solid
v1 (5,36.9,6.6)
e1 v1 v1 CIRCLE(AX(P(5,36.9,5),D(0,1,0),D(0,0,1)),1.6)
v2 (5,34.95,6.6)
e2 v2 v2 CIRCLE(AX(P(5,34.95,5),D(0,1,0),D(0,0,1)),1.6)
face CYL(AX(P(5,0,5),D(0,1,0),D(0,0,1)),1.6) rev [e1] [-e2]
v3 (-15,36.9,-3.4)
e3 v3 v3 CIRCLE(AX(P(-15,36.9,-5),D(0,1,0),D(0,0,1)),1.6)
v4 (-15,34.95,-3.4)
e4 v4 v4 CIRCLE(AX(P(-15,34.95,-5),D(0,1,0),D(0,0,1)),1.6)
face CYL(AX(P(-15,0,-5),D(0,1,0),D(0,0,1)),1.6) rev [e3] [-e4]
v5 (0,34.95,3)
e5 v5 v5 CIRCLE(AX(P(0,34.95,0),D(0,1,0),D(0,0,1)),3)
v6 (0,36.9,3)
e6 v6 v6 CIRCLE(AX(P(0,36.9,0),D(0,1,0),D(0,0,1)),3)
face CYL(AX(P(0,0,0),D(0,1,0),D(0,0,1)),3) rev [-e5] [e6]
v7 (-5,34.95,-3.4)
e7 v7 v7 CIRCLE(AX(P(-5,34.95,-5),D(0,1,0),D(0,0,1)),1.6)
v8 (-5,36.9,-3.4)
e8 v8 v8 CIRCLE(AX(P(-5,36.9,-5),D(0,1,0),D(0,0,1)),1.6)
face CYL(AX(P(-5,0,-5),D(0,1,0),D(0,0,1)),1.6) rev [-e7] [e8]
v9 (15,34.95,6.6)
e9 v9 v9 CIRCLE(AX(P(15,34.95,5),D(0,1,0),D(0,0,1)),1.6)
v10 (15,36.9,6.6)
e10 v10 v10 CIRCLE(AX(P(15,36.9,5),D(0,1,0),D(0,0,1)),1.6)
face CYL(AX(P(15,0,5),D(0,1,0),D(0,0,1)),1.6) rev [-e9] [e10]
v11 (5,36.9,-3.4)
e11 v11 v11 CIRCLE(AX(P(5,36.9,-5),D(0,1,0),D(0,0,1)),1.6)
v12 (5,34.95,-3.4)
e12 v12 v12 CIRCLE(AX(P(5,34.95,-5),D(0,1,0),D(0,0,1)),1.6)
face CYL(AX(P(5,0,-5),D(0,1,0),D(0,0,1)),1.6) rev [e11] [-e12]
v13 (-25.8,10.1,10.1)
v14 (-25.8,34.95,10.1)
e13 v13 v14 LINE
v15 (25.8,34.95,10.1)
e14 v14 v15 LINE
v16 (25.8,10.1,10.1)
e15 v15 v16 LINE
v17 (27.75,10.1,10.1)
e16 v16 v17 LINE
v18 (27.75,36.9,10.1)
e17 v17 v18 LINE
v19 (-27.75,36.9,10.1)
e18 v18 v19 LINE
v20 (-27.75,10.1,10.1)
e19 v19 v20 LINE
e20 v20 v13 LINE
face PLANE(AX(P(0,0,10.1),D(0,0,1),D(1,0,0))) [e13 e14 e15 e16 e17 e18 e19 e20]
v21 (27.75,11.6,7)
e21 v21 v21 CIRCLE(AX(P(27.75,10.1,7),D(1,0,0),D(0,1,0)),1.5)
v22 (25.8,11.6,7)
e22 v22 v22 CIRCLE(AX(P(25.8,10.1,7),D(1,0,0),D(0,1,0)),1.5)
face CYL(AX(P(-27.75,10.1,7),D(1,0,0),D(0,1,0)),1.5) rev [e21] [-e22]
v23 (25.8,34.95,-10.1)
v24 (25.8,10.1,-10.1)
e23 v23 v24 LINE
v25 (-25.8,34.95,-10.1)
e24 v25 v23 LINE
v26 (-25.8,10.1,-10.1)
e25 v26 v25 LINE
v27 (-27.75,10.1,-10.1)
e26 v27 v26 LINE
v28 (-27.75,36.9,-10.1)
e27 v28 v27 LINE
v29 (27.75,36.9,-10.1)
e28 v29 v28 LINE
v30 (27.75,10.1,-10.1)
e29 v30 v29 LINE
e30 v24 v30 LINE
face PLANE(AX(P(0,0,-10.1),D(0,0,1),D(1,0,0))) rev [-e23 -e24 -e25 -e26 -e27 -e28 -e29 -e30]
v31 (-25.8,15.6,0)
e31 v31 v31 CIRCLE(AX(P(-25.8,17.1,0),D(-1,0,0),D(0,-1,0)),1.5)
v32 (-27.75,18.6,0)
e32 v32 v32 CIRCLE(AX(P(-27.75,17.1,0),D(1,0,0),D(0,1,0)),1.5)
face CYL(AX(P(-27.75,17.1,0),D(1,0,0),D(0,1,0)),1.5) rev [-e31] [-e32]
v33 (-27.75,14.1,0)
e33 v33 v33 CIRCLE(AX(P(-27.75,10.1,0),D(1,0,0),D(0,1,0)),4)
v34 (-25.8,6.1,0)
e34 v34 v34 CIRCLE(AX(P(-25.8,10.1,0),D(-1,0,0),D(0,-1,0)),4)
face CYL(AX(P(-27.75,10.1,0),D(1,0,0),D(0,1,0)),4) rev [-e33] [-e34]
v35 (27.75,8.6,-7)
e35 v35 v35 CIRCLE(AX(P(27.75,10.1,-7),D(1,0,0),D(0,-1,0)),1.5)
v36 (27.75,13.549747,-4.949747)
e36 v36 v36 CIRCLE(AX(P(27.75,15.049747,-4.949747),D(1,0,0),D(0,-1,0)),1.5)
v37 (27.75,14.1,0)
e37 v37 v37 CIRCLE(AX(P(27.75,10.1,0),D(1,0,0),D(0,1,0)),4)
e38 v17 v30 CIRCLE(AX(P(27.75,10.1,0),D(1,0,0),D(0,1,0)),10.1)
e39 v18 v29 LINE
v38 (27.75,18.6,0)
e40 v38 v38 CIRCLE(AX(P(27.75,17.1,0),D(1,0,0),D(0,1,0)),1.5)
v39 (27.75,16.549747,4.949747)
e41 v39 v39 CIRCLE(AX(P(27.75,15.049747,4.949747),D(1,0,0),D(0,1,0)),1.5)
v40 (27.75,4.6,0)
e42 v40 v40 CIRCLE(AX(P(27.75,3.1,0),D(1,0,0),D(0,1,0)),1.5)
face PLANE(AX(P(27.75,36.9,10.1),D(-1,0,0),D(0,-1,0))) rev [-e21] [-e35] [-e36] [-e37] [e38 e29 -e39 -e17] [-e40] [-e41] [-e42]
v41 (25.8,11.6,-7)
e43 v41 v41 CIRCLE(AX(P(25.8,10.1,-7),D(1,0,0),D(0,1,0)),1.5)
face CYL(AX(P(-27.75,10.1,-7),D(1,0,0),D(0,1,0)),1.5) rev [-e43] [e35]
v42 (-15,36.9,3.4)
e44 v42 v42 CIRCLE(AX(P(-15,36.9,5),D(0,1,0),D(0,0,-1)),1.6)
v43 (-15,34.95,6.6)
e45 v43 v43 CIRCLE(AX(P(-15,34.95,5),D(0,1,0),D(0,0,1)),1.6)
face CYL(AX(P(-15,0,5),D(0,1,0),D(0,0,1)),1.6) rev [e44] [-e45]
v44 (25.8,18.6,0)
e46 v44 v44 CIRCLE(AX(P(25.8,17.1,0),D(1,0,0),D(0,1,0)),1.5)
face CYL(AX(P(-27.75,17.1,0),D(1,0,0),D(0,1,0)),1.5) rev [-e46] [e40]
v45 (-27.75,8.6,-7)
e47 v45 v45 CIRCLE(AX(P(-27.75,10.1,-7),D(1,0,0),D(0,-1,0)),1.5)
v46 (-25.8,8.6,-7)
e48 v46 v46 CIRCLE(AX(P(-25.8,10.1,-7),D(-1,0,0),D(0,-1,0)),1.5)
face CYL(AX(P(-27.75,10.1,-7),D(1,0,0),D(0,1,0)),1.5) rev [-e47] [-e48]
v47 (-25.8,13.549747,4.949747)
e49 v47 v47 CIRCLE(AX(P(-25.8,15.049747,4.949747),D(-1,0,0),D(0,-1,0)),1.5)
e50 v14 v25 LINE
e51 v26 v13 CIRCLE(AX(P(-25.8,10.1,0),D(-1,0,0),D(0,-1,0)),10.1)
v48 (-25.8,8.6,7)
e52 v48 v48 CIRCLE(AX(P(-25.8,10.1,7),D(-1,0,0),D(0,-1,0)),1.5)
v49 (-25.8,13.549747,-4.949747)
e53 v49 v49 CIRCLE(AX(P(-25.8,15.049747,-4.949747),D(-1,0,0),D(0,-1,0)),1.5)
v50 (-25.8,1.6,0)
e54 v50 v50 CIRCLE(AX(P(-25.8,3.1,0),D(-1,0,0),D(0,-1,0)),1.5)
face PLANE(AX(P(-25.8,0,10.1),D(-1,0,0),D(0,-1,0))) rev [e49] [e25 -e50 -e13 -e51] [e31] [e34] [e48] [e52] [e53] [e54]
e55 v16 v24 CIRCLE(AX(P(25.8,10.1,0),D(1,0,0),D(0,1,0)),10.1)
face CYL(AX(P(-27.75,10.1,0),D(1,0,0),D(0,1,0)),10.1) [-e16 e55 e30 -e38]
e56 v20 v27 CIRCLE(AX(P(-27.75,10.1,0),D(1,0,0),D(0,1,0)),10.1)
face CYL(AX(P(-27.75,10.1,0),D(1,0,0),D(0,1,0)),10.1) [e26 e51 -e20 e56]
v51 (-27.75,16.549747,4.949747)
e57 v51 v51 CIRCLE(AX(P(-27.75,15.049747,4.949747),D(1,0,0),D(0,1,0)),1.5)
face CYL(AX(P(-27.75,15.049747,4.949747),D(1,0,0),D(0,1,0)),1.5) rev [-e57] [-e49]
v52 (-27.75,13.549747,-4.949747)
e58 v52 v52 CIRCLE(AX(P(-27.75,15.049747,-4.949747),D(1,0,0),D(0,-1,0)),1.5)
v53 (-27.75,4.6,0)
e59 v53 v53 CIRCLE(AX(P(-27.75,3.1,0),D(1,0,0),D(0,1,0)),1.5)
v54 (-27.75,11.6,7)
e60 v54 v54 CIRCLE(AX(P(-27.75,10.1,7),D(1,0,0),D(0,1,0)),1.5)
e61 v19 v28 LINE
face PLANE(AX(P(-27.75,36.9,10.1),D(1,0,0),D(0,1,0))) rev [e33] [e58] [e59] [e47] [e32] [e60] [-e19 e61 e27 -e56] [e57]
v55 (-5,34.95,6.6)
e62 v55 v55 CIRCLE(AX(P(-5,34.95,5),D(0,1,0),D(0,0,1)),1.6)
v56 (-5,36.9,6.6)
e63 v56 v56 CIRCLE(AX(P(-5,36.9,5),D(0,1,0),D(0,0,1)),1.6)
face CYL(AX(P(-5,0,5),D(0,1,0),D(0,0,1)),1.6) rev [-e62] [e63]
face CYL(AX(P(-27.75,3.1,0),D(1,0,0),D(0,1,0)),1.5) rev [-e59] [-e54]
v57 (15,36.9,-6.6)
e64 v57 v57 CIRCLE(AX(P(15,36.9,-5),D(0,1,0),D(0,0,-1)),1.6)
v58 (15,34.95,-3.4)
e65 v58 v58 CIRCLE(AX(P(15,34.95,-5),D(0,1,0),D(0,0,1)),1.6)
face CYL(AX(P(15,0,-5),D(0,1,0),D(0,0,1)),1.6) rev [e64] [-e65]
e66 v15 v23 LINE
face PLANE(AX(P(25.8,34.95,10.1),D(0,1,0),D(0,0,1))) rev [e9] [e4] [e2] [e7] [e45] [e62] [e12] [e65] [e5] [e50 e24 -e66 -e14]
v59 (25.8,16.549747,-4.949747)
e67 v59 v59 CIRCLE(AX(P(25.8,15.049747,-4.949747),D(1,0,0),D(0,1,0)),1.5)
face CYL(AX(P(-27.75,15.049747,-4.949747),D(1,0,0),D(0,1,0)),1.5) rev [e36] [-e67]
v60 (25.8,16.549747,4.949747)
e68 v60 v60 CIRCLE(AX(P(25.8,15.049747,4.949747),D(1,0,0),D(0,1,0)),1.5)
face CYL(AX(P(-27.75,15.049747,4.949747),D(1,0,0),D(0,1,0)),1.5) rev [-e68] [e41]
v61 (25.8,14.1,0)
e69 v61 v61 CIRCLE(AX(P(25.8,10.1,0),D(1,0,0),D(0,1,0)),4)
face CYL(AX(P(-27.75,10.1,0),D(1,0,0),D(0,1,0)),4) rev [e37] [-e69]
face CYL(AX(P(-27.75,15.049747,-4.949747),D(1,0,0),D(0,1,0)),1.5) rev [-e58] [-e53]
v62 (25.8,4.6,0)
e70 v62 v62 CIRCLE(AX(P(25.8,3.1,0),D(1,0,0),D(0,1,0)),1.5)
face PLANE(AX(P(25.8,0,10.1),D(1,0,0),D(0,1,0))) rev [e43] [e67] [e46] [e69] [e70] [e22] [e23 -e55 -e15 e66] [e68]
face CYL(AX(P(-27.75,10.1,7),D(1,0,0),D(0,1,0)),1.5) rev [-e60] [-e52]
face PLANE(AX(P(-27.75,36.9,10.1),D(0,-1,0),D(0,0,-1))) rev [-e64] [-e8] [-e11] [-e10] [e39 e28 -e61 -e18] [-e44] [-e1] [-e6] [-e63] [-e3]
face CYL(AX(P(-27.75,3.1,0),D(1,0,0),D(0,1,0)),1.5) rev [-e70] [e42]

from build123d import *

# Parameters (mm, degrees)
BOSS_EXTRU_1_DEPTH      = 10.1
ENL_V_MAT_EXTRU_2_DEPTH = 68.408233918
ESQUISSE3_R             = 3
ESQUISSE3_R_2           = 1.6
ENL_V_MAT_EXTRU_1_DEPTH = 48.261850366
ESQUISSE5_R             = 4
ESQUISSE5_R_2           = 1.5
ENL_V_MAT_EXTRU_3_DEPTH = 68.408233918


with BuildPart() as part:
    # Esquisse1 → Boss.-Extru.1 (new, symmetric)
    with BuildSketch(Plane.XY):
        Polygon((-27.75, 36.9), (27.75, 36.9), (27.75, 0), (25.8, 0), (25.8, 34.95), (-25.8, 34.95), (-25.8, 0), (-27.75, 0), align=None)
    extrude(amount=BOSS_EXTRU_1_DEPTH, both=True)

    # Esquisse4 → Enlèv. mat.-Extru.2 (cut, through all)
    with BuildSketch(Plane(origin=(27.75, 0, 0), x_dir=(0, 0, -1), z_dir=(1, 0, 0))):
        with BuildLine():
            ThreePointArc((0, 0), (-7.14177849, 2.95822151), (-10.1, 10.1))
            Line((-10.1, 10.1), (-10.1, 0))
            Line((-10.1, 0), (0, 0))
        make_face()
        with BuildLine():
            ThreePointArc((10.1, 10.1), (7.14177849, 2.95822151), (0, 0))
            Line((0, 0), (10.1, 0))
            Line((10.1, 0), (10.1, 10.1))
        make_face()
    extrude(amount=-ENL_V_MAT_EXTRU_2_DEPTH, mode=Mode.SUBTRACT)

    # Esquisse3 → Enlèv. mat.-Extru.1 (cut, through all)
    with BuildSketch(Plane(origin=(0, 36.9, 0), x_dir=(1, 0, 0), z_dir=(0, 1, 0))):
        with Locations(Location((0, 0, 0), (0, 0, 270))):
            Circle(ESQUISSE3_R)
        with Locations(Location((-5, 5, 0), (0, 0, 270))):
            Circle(ESQUISSE3_R_2)
        with Locations(Location((-5, -5, 0), (0, 0, 270))):
            Circle(ESQUISSE3_R_2)
        with Locations(Location((5, -5, 0), (0, 0, 270))):
            Circle(ESQUISSE3_R_2)
        with Locations(Location((5, 5, 0), (0, 0, 270))):
            Circle(ESQUISSE3_R_2)
        with Locations(Location((-15, 5, 0), (0, 0, 270))):
            Circle(ESQUISSE3_R_2)
        with Locations(Location((-15, -5, 0), (0, 0, 270))):
            Circle(ESQUISSE3_R_2)
        with Locations(Location((15, -5, 0), (0, 0, 270))):
            Circle(ESQUISSE3_R_2)
        with Locations(Location((15, 5, 0), (0, 0, 270))):
            Circle(ESQUISSE3_R_2)
    extrude(amount=-ENL_V_MAT_EXTRU_1_DEPTH, mode=Mode.SUBTRACT)

    # Esquisse5 → Enlèv. mat.-Extru.3 (cut, through all)
    with BuildSketch(Plane(origin=(27.75, 0, 0), x_dir=(0, 0, -1), z_dir=(1, 0, 0))):
        with Locations(Location((0, 10.1, 0), (0, 0, 90))):
            Circle(ESQUISSE5_R)
        with Locations(Location((-7, 10.1, 0), (0, 0, 90))):
            Circle(ESQUISSE5_R_2)
        with Locations(Location((-4.949747468, 15.049747468, 0), (0, 0, 90))):
            Circle(ESQUISSE5_R_2)
        with Locations(Location((0, 17.1, 0), (0, 0, 90))):
            Circle(ESQUISSE5_R_2)
        with Locations(Location((0, 3.1, 0), (0, 0, 90))):
            Circle(ESQUISSE5_R_2)
        with Locations(Location((7, 10.1, 0), (0, 0, 270))):
            Circle(ESQUISSE5_R_2)
        with Locations(Location((4.949747468, 15.049747468, 0), (0, 0, 270))):
            Circle(ESQUISSE5_R_2)
    extrude(amount=-ENL_V_MAT_EXTRU_3_DEPTH, mode=Mode.SUBTRACT)


solid = part.part
